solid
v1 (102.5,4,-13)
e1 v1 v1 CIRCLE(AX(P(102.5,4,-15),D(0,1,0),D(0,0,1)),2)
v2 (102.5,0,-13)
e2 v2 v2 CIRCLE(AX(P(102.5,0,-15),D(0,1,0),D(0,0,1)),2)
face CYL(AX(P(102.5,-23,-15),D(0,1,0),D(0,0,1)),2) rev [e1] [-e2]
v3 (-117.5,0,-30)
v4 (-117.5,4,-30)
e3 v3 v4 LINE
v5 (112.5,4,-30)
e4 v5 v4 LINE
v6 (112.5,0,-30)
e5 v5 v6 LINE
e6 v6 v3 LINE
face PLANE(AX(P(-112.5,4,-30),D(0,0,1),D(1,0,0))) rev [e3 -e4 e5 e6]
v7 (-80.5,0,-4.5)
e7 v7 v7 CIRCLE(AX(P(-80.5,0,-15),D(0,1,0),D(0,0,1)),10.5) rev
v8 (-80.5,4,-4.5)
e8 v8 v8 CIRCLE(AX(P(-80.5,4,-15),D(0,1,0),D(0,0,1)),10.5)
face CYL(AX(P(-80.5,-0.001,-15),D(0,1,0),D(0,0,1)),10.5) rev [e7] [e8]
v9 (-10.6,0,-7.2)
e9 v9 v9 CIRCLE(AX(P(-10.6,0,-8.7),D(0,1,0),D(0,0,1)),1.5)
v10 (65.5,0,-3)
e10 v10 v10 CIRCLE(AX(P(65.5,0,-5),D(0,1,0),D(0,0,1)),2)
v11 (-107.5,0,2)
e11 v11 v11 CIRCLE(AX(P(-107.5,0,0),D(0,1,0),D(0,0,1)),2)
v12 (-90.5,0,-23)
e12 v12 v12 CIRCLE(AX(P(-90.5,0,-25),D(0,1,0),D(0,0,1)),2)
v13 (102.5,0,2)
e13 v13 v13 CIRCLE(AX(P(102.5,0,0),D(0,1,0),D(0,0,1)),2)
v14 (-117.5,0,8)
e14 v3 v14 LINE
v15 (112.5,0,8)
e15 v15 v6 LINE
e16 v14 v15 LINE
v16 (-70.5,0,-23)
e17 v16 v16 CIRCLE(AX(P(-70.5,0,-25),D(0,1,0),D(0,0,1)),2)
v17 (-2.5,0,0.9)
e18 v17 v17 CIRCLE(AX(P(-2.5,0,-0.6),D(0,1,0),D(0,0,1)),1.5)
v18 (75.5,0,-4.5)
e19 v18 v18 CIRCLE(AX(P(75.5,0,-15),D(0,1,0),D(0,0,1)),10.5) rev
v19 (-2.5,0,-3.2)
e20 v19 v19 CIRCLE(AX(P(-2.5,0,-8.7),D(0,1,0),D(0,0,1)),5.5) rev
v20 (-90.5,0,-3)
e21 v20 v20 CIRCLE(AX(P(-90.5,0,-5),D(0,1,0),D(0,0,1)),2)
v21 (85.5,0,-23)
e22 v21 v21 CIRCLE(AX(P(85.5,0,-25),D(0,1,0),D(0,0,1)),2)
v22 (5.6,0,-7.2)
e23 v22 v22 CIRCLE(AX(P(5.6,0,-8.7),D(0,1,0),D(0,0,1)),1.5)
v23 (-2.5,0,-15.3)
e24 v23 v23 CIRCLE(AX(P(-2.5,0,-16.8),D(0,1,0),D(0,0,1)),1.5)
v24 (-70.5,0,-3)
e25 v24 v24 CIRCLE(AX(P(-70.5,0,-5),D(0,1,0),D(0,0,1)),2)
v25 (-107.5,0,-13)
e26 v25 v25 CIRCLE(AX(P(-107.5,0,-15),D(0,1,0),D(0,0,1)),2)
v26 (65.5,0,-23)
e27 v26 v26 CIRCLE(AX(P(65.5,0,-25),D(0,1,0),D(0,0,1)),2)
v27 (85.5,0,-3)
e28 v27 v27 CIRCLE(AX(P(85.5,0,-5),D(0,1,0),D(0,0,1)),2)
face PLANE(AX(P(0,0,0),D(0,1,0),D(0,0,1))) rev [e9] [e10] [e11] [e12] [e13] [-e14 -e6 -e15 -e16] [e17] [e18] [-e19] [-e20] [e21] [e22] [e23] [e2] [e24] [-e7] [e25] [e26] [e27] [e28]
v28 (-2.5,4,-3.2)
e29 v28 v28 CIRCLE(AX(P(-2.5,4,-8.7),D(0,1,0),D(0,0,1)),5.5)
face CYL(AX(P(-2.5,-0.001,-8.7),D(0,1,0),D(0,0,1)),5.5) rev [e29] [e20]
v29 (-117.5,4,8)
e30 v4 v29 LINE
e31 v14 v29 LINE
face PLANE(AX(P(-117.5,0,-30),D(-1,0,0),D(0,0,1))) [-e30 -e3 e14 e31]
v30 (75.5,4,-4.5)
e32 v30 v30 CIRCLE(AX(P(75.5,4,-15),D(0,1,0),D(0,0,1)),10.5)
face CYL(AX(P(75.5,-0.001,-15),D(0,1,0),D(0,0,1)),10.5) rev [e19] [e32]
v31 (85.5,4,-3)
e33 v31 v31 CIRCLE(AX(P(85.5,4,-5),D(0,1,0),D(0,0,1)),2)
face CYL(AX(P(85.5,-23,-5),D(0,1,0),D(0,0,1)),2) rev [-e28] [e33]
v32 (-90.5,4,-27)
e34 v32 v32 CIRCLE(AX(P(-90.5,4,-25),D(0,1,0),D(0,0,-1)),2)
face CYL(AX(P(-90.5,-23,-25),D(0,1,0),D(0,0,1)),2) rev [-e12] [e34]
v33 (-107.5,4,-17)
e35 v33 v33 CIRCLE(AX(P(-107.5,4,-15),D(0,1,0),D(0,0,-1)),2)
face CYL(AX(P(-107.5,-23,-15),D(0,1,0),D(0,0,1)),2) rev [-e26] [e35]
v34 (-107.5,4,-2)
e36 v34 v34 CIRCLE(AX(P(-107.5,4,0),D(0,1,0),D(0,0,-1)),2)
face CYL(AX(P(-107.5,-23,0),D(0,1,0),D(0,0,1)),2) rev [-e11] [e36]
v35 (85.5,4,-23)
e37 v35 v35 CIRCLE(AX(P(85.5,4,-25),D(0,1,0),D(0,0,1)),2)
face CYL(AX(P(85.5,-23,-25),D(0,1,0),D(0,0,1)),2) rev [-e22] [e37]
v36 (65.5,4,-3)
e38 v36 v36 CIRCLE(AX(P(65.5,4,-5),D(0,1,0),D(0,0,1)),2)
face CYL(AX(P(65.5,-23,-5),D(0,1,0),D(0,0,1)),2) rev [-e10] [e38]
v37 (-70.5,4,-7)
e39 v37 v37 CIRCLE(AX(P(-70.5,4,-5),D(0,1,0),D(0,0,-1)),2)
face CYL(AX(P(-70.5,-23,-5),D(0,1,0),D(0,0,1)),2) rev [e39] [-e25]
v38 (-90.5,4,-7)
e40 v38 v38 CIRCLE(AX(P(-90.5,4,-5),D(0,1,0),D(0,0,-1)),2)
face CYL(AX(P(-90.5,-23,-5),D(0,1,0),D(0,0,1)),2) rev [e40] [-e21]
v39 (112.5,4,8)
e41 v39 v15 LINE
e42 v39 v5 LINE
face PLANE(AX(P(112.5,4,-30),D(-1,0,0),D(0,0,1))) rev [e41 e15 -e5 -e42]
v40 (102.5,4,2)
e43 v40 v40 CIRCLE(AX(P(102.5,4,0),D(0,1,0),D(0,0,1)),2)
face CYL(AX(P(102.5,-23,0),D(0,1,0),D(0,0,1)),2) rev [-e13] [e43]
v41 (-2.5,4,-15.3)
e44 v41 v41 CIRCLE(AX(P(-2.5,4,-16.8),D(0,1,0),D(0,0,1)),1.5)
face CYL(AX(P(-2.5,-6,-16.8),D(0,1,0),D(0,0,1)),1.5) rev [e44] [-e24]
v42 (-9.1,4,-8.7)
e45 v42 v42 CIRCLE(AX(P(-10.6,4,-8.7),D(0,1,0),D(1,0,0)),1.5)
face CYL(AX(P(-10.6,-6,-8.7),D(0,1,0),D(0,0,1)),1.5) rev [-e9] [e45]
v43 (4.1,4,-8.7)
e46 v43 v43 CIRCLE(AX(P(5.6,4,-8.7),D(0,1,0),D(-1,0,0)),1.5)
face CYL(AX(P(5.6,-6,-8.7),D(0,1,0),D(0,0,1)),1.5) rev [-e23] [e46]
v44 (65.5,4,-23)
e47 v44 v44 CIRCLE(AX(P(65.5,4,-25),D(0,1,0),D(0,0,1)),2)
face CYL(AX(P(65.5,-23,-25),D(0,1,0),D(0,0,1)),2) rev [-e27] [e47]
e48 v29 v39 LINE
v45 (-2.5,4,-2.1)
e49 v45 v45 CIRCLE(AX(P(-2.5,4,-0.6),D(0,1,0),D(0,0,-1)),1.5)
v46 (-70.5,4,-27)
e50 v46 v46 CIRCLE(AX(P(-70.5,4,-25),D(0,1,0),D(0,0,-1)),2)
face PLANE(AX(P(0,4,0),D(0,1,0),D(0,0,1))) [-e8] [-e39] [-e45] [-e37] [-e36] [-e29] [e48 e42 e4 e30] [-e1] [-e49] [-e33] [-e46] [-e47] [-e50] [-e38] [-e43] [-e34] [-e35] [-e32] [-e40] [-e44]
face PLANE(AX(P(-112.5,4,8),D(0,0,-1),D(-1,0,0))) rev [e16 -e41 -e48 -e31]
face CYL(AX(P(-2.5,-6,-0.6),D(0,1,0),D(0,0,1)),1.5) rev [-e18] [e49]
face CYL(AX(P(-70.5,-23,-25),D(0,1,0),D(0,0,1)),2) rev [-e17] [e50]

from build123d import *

# Parameters (mm, degrees)
SKETCH1_W           = 225
SKETCH1_H           = 38
BOSS_EXTRUDE1_DEPTH = 4
CUT_EXTRUDE1_REACH  = 118.5
SKETCH2_R           = 10.5
SKETCH2_R_2         = 5.5
SKETCH10_W          = 5
SKETCH10_H          = 38
BOSS_EXTRUDE2_DEPTH = 4
SKETCH11_R          = 2
CUT_EXTRUDE2_DEPTH  = 27
SKETCH12_R          = 2
CUT_EXTRUDE3_DEPTH  = 27
SKETCH14_R          = 1.5
CUT_EXTRUDE4_DEPTH  = 10
CIRPATTERN1_COUNT   = 4


with BuildPart() as part:
    # Sketch1 → Boss-Extrude1 (new body)
    with BuildSketch(Plane(origin=(0, 0, 0), x_dir=(1, 0, 0), z_dir=(0, 1, 0))):
        with Locations((0, 11)):
            Rectangle(SKETCH1_W, SKETCH1_H)
    extrude(amount=BOSS_EXTRUDE1_DEPTH)

    # Sketch2 → Cut-Extrude1 (cut, up to next)
    with BuildSketch(Plane(origin=(0, 4, 0), x_dir=(1, 0, 0), z_dir=(0, 1, 0)), mode=Mode.PRIVATE) as cut_extrude1_sk1:
        with Locations(Location((75.5, 15, 0), (0, 0, 270))):
            Circle(SKETCH2_R)
    cut_extrude1_tool1 = extrude(cut_extrude1_sk1.sketch, amount=-CUT_EXTRUDE1_REACH, mode=Mode.PRIVATE) & part.part
    # Sketch2 → Cut-Extrude1 (cut, up to next)
    with BuildSketch(Plane(origin=(0, 4, 0), x_dir=(1, 0, 0), z_dir=(0, 1, 0)), mode=Mode.PRIVATE) as cut_extrude1_sk2:
        with Locations(Location((-80.5, 15, 0), (0, 0, 270))):
            Circle(SKETCH2_R)
    cut_extrude1_tool2 = extrude(cut_extrude1_sk2.sketch, amount=-CUT_EXTRUDE1_REACH, mode=Mode.PRIVATE) & part.part
    # Sketch2 → Cut-Extrude1 (cut, up to next)
    with BuildSketch(Plane(origin=(0, 4, 0), x_dir=(1, 0, 0), z_dir=(0, 1, 0)), mode=Mode.PRIVATE) as cut_extrude1_sk3:
        with Locations(Location((-2.5, 8.7, 0), (0, 0, 270))):
            Circle(SKETCH2_R_2)
    cut_extrude1_tool3 = extrude(cut_extrude1_sk3.sketch, amount=-CUT_EXTRUDE1_REACH, mode=Mode.PRIVATE) & part.part
    add(cut_extrude1_tool1.solids().sort_by_distance((75.5, 4, -15))[0], mode=Mode.SUBTRACT)
    add(cut_extrude1_tool2.solids().sort_by_distance((-80.5, 4, -15))[0], mode=Mode.SUBTRACT)
    add(cut_extrude1_tool3.solids().sort_by_distance((-2.5, 4, -8.7))[0], mode=Mode.SUBTRACT)

    # Sketch10 → Boss-Extrude2 (add)
    with BuildSketch(Plane(origin=(0, 4, 0), x_dir=(1, 0, 0), z_dir=(0, 1, 0))):
        with Locations((-115, 11)):
            Rectangle(SKETCH10_W, SKETCH10_H)
        with Locations((100, 11)):
            Rectangle(SKETCH10_W, SKETCH10_H)
    extrude(amount=-BOSS_EXTRUDE2_DEPTH)

    # Sketch11 → Cut-Extrude2 (cut)
    with BuildSketch(Plane(origin=(0, 4, 0), x_dir=(1, 0, 0), z_dir=(0, 1, 0))):
        with Locations(Location((102.5, 0, 0), (0, 0, 270))):
            Circle(SKETCH11_R)
        with Locations(Location((102.5, 15, 0), (0, 0, 270))):
            Circle(SKETCH11_R)
        with Locations(Location((-107.5, 15, 0), (0, 0, 270))):
            Circle(SKETCH11_R)
        with Locations(Location((-107.5, 0, 0), (0, 0, 270))):
            Circle(SKETCH11_R)
    extrude(amount=-CUT_EXTRUDE2_DEPTH, mode=Mode.SUBTRACT)

    # Sketch12 → Cut-Extrude3 (cut)
    with BuildSketch(Plane(origin=(0, 4, 0), x_dir=(1, 0, 0), z_dir=(0, 1, 0))):
        with Locations(Location((65.5, 5, 0), (0, 0, 270))):
            Circle(SKETCH12_R)
        with Locations(Location((85.5, 5, 0), (0, 0, 270))):
            Circle(SKETCH12_R)
        with Locations(Location((85.5, 25, 0), (0, 0, 270))):
            Circle(SKETCH12_R)
        with Locations(Location((65.5, 25, 0), (0, 0, 270))):
            Circle(SKETCH12_R)
        with Locations(Location((-70.5, 25, 0), (0, 0, 270))):
            Circle(SKETCH12_R)
        with Locations(Location((-90.5, 25, 0), (0, 0, 270))):
            Circle(SKETCH12_R)
        with Locations(Location((-90.5, 5, 0), (0, 0, 270))):
            Circle(SKETCH12_R)
        with Locations(Location((-70.5, 5, 0), (0, 0, 270))):
            Circle(SKETCH12_R)
    extrude(amount=-CUT_EXTRUDE3_DEPTH, mode=Mode.SUBTRACT)

    # Sketch14 → Cut-Extrude4 (cut)
    with BuildSketch(Plane(origin=(0, 4, 0), x_dir=(1, 0, 0), z_dir=(0, 1, 0))):
        with Locations(Location((-2.5, 16.8, 0), (0, 0, 270))):
            Circle(SKETCH14_R)
    cut_extrude4 = extrude(amount=-CUT_EXTRUDE4_DEPTH, mode=Mode.SUBTRACT)

    # CirPattern1: Cut-Extrude4 ×4 about axis
    cirpattern1_axis = Axis((-2.5, 0, -8.7), (0, 1, 0))
    for i in range(1, CIRPATTERN1_COUNT):
        add(cut_extrude4.rotate(cirpattern1_axis, i * 360 / CIRPATTERN1_COUNT), mode=Mode.SUBTRACT)


solid = part.part
